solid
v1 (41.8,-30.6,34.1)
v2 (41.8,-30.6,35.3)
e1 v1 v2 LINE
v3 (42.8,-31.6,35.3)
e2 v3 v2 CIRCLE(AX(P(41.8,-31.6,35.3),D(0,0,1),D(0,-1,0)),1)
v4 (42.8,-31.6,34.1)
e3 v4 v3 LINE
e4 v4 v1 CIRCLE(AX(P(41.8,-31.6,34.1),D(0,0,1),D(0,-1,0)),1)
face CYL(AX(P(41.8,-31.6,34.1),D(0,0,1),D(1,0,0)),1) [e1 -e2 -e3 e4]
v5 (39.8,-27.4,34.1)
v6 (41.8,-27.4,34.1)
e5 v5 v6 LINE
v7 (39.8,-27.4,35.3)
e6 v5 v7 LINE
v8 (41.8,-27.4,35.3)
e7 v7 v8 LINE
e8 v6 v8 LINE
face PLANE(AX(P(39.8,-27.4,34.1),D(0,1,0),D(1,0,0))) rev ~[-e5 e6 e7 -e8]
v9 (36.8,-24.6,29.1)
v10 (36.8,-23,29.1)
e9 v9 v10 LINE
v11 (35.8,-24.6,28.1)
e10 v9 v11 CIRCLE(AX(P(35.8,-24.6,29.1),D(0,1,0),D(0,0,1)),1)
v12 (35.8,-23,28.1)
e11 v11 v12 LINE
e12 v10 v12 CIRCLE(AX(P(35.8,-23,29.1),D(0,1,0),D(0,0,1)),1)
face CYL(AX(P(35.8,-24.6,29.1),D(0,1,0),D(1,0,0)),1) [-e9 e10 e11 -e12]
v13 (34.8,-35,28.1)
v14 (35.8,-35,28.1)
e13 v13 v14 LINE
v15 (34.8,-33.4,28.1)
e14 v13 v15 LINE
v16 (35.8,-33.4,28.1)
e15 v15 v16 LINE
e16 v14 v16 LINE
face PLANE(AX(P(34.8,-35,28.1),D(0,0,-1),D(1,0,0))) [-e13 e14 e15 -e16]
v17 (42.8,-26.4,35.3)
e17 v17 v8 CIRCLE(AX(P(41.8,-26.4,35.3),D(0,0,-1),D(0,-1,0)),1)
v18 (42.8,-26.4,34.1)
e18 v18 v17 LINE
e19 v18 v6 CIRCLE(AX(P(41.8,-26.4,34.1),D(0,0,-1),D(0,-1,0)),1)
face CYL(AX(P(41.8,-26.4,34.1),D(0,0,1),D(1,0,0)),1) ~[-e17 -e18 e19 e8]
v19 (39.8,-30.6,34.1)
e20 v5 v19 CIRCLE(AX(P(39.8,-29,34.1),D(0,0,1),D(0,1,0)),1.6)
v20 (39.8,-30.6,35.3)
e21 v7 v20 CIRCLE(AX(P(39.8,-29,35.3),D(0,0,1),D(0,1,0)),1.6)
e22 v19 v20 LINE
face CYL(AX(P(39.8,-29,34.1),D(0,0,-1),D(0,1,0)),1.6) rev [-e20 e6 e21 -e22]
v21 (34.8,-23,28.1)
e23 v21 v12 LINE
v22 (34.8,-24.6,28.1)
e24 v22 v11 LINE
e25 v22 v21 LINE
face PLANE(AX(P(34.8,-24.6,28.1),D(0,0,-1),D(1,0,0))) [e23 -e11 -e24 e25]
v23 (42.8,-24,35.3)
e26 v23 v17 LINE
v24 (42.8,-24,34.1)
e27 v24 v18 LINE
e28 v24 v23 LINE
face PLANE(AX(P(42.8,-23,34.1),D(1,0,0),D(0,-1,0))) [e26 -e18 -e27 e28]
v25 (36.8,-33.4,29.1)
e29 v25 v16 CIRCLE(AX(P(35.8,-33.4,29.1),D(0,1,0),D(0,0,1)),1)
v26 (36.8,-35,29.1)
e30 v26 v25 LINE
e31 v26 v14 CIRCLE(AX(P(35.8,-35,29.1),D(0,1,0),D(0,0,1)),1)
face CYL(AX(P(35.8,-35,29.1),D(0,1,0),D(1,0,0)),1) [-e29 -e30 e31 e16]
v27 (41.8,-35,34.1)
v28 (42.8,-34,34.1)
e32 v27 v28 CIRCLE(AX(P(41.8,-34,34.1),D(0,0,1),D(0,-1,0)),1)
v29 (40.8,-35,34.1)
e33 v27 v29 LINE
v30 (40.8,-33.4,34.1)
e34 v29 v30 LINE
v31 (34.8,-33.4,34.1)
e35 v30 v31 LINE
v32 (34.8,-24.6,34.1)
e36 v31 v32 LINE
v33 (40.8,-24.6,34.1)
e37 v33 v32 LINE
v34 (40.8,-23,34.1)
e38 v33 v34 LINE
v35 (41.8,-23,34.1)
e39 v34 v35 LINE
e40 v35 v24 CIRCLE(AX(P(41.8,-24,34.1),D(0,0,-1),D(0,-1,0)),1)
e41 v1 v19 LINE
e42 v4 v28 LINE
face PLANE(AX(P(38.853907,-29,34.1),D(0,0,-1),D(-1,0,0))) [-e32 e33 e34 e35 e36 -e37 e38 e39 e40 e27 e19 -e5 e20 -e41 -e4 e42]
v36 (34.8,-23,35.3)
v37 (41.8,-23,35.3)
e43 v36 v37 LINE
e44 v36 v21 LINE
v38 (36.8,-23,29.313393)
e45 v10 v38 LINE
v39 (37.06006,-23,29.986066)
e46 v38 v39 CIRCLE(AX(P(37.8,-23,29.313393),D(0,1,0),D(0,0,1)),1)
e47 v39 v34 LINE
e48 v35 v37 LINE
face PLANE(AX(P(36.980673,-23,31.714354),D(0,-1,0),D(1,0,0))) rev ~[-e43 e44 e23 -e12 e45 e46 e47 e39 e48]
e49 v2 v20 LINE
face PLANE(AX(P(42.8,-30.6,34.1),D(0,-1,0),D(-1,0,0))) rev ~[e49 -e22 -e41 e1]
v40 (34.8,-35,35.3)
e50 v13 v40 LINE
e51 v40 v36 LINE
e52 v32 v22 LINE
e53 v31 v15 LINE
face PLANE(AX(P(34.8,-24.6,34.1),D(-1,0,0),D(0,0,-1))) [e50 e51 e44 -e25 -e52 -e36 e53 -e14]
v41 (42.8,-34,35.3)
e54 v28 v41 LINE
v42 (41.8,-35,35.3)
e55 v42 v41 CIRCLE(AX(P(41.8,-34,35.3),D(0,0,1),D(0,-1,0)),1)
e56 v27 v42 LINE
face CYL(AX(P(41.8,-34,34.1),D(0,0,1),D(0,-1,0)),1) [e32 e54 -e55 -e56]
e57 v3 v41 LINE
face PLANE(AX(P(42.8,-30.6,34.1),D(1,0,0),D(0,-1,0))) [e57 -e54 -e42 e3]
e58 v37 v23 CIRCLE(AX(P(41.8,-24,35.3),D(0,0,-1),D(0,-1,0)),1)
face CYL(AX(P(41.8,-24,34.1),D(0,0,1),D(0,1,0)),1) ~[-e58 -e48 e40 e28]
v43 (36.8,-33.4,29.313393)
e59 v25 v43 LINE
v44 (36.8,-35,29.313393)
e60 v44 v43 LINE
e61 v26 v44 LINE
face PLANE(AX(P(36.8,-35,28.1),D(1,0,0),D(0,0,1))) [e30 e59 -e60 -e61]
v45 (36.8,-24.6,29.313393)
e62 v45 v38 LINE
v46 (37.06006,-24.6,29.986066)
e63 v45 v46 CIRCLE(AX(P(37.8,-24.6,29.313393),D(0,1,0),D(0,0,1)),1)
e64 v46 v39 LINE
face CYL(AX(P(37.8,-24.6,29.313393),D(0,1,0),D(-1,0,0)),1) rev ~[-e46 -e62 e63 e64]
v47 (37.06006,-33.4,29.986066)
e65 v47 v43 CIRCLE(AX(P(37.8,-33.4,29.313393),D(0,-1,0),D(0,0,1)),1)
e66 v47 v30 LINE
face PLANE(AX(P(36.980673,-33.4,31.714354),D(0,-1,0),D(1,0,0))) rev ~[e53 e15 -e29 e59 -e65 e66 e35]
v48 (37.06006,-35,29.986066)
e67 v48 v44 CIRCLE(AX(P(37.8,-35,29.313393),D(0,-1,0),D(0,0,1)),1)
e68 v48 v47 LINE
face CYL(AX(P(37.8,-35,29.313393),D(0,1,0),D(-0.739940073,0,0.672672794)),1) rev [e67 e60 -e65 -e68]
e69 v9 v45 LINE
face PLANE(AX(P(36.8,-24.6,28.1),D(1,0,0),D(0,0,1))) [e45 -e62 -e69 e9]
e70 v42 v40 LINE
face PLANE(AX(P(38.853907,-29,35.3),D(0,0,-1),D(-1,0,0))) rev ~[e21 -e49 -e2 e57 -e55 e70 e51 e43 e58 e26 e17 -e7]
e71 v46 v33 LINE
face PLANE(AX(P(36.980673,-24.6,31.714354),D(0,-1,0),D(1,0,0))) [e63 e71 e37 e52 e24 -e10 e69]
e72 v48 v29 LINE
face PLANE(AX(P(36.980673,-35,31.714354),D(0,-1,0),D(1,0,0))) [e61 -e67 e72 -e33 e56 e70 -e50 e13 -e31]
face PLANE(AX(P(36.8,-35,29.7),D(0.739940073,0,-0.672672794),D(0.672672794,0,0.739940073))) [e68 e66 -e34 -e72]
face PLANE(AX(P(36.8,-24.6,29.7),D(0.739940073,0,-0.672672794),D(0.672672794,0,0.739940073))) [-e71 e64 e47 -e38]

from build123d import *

# Parameters (mm, degrees)
PAD069_DEPTH           = 1.2
PAD070_DEPTH           = 1.6
LINEARPATTERN005_COUNT = 2
LINEARPATTERN005_PITCH = 10.4
FILLET023_R            = 1
FILLET024_R            = 1
FILLET025_R            = 1


with BuildPart() as part:
    # Sketch099 → Pad069 (new body)
    with BuildSketch(Plane.XY):
        with BuildLine():
            Line((-4, 6), (4, 6))
            Line((4, 6), (4, 1.6))
            Line((1, 1.6), (4, 1.6))
            ThreePointArc((1, 1.6), (-0.6, 0), (1, -1.6))
            Line((4, -1.6), (1, -1.6))
            Line((4, -1.6), (4, -6))
            Line((4, -6), (-4, -6))
            Line((-4, -6), (-4, 6))
        make_face()
    extrude(amount=PAD069_DEPTH)

    # Sketch100 (on DatumPlane) → Pad070 (join)
    with BuildSketch(Plane.XZ.offset(6)):
        Polygon((-4, 0), (-4, -6), (-2, -6), (-2, -4.4), (2, 0), align=None)
    pad070 = extrude(amount=-PAD070_DEPTH)

    # LinearPattern005: Pad070 ×2
    with Locations(*[(0, i * LINEARPATTERN005_PITCH, 0) for i in range(1, LINEARPATTERN005_COUNT)]):
        add(pad070)

    # Fillet023
    fillet023_edges = [part.edges().sort_by_distance(p)[0] for p in [
        (-2, -5.2, -6),
        (-2, 5.2, -6),
    ]]
    fillet(fillet023_edges, radius=FILLET023_R)

    # Fillet024
    fillet024_edges = [part.edges().sort_by_distance(p)[0] for p in [
        (-2, -5.2, -4.4),
        (-2, 5.2, -4.4),
    ]]
    fillet(fillet024_edges, radius=FILLET024_R)

    # Fillet025
    fillet025_edges = [part.edges().sort_by_distance(p)[0] for p in [
        (4, -6, 0.6),
        (4, -1.6, 0.6),
        (4, 1.6, 0.6),
        (4, 6, 0.6),
    ]]
    fillet(fillet025_edges, radius=FILLET025_R)


with BuildPart() as part_1:
    # Body020 placement: moved
    add(part.part.moved(Location((38.8, -29, 34.1))))


solid = part_1.part
